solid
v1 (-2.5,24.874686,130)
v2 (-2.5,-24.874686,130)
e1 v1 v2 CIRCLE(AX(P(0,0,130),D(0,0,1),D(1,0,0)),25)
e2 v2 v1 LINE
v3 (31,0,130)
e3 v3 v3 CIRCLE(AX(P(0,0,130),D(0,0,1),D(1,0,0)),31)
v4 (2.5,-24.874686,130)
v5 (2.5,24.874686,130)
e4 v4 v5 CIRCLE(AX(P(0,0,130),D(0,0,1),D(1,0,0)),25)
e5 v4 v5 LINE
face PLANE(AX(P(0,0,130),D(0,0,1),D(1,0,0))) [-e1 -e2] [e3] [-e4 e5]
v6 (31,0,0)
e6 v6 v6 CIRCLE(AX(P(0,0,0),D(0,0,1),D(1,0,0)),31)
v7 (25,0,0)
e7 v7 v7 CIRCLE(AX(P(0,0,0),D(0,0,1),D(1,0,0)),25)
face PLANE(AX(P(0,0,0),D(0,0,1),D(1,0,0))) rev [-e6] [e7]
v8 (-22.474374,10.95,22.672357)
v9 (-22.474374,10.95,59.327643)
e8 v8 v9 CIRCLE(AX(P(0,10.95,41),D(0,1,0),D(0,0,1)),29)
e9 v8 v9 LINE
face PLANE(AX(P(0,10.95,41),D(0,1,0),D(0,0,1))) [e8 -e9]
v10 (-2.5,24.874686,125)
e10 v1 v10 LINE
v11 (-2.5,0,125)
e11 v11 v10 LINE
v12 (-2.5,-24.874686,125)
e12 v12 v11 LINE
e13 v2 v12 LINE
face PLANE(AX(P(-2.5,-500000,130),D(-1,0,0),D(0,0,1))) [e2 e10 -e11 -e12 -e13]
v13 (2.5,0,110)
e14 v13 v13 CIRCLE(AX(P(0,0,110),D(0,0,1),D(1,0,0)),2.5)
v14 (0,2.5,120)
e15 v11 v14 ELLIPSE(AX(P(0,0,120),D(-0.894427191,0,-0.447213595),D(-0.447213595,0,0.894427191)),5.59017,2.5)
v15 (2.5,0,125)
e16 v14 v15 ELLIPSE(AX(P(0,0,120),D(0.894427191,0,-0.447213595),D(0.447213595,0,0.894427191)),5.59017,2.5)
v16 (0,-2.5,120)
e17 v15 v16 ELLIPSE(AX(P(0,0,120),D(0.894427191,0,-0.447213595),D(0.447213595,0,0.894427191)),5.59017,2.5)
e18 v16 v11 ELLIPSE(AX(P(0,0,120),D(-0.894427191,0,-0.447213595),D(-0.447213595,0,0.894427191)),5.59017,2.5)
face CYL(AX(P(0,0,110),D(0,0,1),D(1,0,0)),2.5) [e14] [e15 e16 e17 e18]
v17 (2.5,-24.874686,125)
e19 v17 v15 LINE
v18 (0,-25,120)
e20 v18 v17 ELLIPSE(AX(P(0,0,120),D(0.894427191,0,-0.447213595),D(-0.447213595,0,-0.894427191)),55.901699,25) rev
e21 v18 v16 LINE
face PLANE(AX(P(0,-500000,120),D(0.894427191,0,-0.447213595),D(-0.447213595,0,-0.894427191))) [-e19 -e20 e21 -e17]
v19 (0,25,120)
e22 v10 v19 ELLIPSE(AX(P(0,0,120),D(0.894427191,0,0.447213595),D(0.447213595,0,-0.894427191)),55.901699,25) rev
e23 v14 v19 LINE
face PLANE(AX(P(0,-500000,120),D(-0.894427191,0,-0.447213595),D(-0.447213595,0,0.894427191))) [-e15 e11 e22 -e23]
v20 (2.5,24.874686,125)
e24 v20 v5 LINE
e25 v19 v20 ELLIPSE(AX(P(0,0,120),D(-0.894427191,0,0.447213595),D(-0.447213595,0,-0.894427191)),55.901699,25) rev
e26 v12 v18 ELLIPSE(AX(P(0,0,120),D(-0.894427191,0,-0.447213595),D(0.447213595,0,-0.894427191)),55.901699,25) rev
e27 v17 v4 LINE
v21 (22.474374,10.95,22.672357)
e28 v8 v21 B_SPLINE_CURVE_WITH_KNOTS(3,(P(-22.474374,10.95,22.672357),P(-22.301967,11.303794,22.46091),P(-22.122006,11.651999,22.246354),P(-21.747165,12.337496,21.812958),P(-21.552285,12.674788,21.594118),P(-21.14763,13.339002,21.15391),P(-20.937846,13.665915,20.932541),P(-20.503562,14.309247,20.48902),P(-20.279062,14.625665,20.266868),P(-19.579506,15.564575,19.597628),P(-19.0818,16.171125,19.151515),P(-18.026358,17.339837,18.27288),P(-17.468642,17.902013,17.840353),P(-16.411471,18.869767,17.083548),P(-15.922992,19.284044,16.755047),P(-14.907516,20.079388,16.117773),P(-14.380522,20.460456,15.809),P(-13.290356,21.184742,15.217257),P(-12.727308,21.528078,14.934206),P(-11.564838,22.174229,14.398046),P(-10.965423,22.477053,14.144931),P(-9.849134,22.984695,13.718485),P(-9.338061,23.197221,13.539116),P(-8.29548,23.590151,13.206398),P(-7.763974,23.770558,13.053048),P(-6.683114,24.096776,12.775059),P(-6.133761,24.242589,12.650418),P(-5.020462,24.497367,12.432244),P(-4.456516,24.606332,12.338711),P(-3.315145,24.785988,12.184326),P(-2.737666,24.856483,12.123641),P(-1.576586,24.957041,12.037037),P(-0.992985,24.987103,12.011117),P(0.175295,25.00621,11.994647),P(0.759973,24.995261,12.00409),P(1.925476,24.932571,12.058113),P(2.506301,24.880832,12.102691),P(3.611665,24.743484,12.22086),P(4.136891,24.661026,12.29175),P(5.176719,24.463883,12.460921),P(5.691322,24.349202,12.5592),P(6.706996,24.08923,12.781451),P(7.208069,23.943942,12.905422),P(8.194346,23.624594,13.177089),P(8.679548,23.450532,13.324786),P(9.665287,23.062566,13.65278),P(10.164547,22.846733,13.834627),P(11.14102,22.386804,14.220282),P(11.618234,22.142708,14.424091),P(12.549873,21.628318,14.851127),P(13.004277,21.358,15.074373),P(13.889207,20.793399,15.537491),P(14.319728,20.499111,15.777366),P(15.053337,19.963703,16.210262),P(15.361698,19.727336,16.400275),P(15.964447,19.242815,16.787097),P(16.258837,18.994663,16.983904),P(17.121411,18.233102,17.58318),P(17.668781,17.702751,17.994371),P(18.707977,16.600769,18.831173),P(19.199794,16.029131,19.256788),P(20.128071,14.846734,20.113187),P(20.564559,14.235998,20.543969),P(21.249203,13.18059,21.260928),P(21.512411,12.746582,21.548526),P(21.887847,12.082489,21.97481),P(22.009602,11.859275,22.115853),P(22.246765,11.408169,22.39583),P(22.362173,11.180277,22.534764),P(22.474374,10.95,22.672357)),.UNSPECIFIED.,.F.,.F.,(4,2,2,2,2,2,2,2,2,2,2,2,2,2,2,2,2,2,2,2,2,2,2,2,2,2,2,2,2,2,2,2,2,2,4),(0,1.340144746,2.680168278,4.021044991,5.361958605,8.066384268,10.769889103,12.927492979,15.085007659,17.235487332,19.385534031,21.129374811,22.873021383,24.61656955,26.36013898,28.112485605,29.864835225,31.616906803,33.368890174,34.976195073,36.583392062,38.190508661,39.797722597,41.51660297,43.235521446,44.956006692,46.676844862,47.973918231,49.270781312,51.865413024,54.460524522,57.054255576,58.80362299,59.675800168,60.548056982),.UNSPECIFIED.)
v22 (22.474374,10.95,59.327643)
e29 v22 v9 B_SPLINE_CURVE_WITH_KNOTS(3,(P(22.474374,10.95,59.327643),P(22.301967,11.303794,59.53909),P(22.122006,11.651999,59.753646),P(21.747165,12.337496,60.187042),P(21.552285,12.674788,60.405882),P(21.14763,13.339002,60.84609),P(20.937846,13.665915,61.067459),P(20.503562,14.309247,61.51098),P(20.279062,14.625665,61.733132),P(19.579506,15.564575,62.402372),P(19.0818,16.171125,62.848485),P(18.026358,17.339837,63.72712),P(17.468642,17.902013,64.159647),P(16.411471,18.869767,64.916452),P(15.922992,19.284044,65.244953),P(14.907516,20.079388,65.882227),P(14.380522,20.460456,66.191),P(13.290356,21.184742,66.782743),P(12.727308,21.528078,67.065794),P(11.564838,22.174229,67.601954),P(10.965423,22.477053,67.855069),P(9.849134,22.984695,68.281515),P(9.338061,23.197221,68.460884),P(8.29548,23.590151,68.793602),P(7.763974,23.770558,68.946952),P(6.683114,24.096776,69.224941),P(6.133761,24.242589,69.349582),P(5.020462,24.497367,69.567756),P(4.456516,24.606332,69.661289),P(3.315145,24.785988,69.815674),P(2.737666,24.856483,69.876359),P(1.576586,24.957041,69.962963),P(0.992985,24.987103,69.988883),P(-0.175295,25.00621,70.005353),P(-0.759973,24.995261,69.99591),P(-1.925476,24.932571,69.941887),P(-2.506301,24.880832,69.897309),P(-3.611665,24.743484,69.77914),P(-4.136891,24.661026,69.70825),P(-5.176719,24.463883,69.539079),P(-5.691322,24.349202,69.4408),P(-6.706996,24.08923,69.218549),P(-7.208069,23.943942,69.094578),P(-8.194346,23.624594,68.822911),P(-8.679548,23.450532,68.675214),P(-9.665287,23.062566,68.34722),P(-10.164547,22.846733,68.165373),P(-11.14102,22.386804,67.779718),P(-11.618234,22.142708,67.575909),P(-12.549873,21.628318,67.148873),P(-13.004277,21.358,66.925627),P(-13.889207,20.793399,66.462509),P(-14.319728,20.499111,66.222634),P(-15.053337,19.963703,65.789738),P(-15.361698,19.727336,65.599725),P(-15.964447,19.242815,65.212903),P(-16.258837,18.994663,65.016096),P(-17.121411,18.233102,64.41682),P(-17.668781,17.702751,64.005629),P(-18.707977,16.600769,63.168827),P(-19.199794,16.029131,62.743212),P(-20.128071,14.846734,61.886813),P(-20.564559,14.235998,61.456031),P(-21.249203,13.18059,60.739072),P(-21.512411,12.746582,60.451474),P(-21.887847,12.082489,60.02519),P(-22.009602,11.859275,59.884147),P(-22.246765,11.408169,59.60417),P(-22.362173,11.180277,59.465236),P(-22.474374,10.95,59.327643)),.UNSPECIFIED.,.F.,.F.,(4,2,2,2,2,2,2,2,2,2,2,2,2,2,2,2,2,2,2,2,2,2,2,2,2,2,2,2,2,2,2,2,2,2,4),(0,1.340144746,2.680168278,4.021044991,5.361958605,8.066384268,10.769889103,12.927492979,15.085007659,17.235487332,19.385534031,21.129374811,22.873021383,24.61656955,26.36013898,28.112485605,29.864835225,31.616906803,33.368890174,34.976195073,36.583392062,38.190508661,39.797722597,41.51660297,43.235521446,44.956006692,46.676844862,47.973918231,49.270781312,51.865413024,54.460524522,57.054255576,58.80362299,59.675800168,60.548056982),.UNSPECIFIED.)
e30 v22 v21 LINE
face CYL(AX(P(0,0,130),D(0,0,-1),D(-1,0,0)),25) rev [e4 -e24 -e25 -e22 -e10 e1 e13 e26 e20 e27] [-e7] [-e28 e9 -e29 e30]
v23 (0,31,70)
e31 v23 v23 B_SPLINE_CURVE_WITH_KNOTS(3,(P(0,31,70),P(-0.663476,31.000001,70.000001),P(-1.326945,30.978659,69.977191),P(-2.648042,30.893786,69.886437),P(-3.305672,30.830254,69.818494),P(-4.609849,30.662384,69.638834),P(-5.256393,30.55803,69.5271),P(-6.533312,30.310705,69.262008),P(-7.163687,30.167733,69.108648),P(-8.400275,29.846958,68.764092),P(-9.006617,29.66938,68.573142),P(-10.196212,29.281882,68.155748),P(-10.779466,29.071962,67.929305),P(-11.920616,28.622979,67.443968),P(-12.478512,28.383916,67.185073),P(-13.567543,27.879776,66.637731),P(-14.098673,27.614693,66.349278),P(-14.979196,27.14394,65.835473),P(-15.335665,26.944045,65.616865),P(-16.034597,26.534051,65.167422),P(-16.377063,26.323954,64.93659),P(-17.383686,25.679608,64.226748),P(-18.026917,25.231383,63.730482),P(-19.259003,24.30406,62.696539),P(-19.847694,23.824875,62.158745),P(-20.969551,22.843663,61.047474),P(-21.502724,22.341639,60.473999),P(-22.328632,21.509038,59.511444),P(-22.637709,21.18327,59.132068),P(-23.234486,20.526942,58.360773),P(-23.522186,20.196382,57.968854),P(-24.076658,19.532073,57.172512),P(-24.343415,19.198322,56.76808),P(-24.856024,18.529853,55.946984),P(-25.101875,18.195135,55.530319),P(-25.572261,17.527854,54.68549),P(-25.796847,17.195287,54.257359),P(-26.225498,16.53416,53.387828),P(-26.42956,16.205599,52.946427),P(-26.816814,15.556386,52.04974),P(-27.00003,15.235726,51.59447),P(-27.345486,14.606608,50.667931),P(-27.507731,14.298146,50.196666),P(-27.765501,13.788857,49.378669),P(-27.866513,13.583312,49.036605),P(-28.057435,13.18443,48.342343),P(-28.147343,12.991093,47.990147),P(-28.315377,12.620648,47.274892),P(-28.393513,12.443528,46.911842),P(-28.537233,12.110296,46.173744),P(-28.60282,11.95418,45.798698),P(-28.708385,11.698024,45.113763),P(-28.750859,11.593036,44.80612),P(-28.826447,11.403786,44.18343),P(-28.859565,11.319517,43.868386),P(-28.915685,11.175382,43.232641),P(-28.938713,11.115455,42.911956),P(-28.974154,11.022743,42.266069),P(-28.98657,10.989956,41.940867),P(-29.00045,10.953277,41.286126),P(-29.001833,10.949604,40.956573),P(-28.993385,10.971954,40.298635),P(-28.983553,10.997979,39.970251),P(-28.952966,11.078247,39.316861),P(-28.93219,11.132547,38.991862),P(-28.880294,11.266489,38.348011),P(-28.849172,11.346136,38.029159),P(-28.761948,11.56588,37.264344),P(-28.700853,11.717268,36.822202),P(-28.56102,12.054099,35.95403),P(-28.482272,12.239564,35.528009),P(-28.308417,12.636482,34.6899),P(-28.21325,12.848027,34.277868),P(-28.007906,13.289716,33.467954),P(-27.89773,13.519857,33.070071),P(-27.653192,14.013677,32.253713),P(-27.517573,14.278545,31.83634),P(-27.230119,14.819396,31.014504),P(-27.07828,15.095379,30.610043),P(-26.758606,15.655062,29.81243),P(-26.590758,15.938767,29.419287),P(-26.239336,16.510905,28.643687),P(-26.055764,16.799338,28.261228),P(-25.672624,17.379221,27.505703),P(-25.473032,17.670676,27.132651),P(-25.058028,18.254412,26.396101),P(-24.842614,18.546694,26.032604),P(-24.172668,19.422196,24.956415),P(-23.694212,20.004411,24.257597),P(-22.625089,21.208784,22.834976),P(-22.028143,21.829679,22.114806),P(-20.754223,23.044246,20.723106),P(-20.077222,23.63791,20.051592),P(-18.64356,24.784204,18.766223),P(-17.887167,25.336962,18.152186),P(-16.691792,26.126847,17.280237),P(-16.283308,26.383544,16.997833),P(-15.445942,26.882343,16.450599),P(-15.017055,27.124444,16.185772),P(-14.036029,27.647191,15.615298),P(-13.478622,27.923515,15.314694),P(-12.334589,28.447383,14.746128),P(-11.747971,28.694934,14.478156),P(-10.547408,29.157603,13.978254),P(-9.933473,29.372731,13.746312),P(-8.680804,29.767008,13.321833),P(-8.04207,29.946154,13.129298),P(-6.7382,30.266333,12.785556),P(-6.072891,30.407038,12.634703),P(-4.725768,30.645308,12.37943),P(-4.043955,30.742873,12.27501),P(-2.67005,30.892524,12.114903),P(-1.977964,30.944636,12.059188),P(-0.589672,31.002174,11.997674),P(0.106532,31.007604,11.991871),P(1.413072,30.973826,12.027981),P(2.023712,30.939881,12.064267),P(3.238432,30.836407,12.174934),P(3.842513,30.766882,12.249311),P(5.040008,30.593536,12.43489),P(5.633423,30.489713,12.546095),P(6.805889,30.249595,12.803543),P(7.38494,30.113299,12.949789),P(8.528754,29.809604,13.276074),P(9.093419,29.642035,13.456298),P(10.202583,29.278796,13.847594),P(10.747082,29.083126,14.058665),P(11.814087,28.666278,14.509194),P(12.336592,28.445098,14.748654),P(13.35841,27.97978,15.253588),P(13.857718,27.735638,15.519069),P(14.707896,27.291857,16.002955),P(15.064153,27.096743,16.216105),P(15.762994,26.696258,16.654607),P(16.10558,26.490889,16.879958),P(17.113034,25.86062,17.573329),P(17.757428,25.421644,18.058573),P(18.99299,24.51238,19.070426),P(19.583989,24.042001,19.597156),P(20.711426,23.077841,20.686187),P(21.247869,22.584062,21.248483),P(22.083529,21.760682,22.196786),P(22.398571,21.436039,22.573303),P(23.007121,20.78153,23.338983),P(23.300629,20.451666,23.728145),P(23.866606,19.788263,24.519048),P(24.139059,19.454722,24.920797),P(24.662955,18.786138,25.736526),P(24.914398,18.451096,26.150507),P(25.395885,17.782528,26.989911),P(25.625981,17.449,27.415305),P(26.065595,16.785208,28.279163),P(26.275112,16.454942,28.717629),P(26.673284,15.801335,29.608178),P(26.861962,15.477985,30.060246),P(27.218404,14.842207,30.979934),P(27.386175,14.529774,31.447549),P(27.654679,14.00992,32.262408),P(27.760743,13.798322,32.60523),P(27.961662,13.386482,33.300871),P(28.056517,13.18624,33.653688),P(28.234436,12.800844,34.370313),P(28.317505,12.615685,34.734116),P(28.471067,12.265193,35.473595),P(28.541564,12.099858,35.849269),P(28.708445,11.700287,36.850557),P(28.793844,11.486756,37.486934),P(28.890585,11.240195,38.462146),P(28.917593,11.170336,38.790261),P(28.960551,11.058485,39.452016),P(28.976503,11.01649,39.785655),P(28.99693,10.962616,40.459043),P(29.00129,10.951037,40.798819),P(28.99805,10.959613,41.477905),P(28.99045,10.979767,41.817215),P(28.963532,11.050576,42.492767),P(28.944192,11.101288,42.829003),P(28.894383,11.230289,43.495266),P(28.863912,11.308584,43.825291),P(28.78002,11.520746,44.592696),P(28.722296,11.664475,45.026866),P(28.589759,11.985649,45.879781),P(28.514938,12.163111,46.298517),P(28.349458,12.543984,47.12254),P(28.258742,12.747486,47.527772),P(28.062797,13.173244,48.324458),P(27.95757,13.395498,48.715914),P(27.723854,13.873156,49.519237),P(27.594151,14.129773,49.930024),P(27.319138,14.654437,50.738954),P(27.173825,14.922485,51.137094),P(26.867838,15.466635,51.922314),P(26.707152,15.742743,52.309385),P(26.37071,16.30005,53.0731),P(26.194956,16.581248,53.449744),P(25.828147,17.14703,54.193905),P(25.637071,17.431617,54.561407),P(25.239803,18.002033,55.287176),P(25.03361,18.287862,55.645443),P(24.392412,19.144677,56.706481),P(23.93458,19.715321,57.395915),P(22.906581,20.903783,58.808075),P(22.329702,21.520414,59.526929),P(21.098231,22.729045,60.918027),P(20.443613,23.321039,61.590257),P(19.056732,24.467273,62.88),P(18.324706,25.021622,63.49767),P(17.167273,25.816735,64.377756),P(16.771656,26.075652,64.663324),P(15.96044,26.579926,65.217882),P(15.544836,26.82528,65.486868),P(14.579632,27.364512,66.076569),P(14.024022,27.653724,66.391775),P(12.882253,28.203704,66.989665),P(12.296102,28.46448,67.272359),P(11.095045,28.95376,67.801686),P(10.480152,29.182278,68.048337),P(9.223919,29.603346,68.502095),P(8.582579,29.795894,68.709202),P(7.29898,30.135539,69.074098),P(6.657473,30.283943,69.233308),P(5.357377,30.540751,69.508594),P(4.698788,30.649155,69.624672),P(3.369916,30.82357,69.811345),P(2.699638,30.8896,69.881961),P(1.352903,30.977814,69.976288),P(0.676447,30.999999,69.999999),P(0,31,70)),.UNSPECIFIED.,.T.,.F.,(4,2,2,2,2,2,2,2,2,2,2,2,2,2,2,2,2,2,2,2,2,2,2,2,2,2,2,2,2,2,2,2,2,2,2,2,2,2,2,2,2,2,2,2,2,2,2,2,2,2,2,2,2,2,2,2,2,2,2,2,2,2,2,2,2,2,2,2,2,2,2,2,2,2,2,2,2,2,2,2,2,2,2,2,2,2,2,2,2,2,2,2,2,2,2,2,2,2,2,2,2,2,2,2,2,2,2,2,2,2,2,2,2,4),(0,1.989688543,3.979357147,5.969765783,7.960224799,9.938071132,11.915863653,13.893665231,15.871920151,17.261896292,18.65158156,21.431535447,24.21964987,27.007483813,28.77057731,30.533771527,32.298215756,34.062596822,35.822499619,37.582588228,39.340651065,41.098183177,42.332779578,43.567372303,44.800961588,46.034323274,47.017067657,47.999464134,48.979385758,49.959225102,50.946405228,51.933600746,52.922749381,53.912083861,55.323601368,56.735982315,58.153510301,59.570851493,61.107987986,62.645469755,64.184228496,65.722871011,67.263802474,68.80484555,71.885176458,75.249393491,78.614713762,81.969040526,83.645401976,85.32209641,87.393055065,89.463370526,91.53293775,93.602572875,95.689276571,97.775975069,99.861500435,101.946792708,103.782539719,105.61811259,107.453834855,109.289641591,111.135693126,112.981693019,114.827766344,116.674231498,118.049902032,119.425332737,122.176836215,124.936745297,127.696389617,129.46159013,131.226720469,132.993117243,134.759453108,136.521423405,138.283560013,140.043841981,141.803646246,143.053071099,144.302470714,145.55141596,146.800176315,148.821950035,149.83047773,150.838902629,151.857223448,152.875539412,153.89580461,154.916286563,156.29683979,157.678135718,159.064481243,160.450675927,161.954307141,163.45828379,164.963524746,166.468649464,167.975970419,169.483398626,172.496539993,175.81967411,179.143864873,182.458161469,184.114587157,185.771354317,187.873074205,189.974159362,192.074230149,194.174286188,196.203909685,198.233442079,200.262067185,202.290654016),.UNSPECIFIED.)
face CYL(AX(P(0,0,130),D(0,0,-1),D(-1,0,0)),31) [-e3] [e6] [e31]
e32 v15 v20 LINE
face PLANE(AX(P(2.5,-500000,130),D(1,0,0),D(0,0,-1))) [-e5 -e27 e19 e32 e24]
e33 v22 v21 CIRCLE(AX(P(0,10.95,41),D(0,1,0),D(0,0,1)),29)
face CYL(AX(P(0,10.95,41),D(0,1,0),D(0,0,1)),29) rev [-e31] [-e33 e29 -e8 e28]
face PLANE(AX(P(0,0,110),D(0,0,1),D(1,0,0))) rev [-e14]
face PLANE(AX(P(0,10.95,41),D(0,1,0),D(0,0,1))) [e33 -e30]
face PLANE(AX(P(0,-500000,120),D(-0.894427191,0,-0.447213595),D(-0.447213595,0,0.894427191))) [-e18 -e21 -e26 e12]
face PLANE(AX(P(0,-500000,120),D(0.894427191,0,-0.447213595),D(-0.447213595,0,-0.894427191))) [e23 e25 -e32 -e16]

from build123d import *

# Parameters (mm, degrees)
CROQUIS1_R                               = 31
CROQUIS1_R_2                             = 25
SALIENTE_EXTRUIR1_DEPTH                  = 130
CROQUIS3_R                               = 29
CORTAR_EXTRUIR1_DEPTH                    = 29.05
SALIENTE_EXTRUIR2_REACH                  = 139.193
SALIENTE_EXTRUIR2_END_RADIUS             = 25
SALIENTE_EXTRUIR2_DIRECTION_2_REACH      = 139.193
SALIENTE_EXTRUIR2_DIRECTION_2_END_RADIUS = 25
CROQUIS6_R                               = 2.5
SALIENTE_EXTRUIR3_DEPTH                  = 20


with BuildPart() as part:
    # Croquis1 → Saliente-Extruir1 (new body)
    with BuildSketch(Plane.XY):
        Circle(CROQUIS1_R)
        Circle(CROQUIS1_R_2, mode=Mode.SUBTRACT)
    extrude(amount=SALIENTE_EXTRUIR1_DEPTH)

    # Croquis3 → Cortar-Extruir1 (cut)
    with BuildSketch(Plane(origin=(0, 40, 0), x_dir=(1, 0, 0), z_dir=(0, 1, 0))):
        with Locations(Location((0, -41, 0), (0, 0, 270))):
            Circle(CROQUIS3_R)
    extrude(amount=-CORTAR_EXTRUIR1_DEPTH, mode=Mode.SUBTRACT)

    # Saliente-Extruir2: up to this cylinder (the profile starts inside it)
    saliente_extruir2_end = Plane(origin=(0, 0, 126.111111), z_dir=(0, 0, -1)) * Cylinder(SALIENTE_EXTRUIR2_END_RADIUS, 329.386, mode=Mode.PRIVATE)
    # Croquis5 → Saliente-Extruir2 (add, up to the surface)
    with BuildSketch(Plane(origin=(0, 0, 0), x_dir=(1, 0, 0), z_dir=(0, 1, 0)), mode=Mode.PRIVATE) as saliente_extruir2_sk1:
        Polygon((-2.5, -130), (2.5, -130), (2.5, -125), (0, -120), (-2.5, -125), align=None)
    saliente_extruir2_tool1 = extrude(saliente_extruir2_sk1.sketch, amount=SALIENTE_EXTRUIR2_REACH, mode=Mode.PRIVATE) & saliente_extruir2_end
    add(saliente_extruir2_tool1.solids().sort_by_distance((0, 0, 126.111111))[0])

    # Saliente-Extruir2 direction 2: up to this cylinder (the profile starts inside it)
    saliente_extruir2_direction_2_end = Plane(origin=(0, 0, 126.111111), z_dir=(0, 0, -1)) * Cylinder(SALIENTE_EXTRUIR2_DIRECTION_2_END_RADIUS, 329.386, mode=Mode.PRIVATE)
    # Croquis5 → Saliente-Extruir2 direction 2 (add, up to the surface)
    with BuildSketch(Plane(origin=(0, 0, 0), x_dir=(1, 0, 0), z_dir=(0, 1, 0)), mode=Mode.PRIVATE) as saliente_extruir2_direction_2_sk1:
        Polygon((-2.5, -130), (2.5, -130), (2.5, -125), (0, -120), (-2.5, -125), align=None)
    saliente_extruir2_direction_2_tool1 = extrude(saliente_extruir2_direction_2_sk1.sketch, amount=-SALIENTE_EXTRUIR2_DIRECTION_2_REACH, mode=Mode.PRIVATE) & saliente_extruir2_direction_2_end
    add(saliente_extruir2_direction_2_tool1.solids().sort_by_distance((0, 0, 126.111111))[0])

    # Croquis6 → Saliente-Extruir3 (add)
    with BuildSketch(Plane.XY.offset(130)):
        Circle(CROQUIS6_R)
    extrude(amount=-SALIENTE_EXTRUIR3_DEPTH)


solid = part.part
